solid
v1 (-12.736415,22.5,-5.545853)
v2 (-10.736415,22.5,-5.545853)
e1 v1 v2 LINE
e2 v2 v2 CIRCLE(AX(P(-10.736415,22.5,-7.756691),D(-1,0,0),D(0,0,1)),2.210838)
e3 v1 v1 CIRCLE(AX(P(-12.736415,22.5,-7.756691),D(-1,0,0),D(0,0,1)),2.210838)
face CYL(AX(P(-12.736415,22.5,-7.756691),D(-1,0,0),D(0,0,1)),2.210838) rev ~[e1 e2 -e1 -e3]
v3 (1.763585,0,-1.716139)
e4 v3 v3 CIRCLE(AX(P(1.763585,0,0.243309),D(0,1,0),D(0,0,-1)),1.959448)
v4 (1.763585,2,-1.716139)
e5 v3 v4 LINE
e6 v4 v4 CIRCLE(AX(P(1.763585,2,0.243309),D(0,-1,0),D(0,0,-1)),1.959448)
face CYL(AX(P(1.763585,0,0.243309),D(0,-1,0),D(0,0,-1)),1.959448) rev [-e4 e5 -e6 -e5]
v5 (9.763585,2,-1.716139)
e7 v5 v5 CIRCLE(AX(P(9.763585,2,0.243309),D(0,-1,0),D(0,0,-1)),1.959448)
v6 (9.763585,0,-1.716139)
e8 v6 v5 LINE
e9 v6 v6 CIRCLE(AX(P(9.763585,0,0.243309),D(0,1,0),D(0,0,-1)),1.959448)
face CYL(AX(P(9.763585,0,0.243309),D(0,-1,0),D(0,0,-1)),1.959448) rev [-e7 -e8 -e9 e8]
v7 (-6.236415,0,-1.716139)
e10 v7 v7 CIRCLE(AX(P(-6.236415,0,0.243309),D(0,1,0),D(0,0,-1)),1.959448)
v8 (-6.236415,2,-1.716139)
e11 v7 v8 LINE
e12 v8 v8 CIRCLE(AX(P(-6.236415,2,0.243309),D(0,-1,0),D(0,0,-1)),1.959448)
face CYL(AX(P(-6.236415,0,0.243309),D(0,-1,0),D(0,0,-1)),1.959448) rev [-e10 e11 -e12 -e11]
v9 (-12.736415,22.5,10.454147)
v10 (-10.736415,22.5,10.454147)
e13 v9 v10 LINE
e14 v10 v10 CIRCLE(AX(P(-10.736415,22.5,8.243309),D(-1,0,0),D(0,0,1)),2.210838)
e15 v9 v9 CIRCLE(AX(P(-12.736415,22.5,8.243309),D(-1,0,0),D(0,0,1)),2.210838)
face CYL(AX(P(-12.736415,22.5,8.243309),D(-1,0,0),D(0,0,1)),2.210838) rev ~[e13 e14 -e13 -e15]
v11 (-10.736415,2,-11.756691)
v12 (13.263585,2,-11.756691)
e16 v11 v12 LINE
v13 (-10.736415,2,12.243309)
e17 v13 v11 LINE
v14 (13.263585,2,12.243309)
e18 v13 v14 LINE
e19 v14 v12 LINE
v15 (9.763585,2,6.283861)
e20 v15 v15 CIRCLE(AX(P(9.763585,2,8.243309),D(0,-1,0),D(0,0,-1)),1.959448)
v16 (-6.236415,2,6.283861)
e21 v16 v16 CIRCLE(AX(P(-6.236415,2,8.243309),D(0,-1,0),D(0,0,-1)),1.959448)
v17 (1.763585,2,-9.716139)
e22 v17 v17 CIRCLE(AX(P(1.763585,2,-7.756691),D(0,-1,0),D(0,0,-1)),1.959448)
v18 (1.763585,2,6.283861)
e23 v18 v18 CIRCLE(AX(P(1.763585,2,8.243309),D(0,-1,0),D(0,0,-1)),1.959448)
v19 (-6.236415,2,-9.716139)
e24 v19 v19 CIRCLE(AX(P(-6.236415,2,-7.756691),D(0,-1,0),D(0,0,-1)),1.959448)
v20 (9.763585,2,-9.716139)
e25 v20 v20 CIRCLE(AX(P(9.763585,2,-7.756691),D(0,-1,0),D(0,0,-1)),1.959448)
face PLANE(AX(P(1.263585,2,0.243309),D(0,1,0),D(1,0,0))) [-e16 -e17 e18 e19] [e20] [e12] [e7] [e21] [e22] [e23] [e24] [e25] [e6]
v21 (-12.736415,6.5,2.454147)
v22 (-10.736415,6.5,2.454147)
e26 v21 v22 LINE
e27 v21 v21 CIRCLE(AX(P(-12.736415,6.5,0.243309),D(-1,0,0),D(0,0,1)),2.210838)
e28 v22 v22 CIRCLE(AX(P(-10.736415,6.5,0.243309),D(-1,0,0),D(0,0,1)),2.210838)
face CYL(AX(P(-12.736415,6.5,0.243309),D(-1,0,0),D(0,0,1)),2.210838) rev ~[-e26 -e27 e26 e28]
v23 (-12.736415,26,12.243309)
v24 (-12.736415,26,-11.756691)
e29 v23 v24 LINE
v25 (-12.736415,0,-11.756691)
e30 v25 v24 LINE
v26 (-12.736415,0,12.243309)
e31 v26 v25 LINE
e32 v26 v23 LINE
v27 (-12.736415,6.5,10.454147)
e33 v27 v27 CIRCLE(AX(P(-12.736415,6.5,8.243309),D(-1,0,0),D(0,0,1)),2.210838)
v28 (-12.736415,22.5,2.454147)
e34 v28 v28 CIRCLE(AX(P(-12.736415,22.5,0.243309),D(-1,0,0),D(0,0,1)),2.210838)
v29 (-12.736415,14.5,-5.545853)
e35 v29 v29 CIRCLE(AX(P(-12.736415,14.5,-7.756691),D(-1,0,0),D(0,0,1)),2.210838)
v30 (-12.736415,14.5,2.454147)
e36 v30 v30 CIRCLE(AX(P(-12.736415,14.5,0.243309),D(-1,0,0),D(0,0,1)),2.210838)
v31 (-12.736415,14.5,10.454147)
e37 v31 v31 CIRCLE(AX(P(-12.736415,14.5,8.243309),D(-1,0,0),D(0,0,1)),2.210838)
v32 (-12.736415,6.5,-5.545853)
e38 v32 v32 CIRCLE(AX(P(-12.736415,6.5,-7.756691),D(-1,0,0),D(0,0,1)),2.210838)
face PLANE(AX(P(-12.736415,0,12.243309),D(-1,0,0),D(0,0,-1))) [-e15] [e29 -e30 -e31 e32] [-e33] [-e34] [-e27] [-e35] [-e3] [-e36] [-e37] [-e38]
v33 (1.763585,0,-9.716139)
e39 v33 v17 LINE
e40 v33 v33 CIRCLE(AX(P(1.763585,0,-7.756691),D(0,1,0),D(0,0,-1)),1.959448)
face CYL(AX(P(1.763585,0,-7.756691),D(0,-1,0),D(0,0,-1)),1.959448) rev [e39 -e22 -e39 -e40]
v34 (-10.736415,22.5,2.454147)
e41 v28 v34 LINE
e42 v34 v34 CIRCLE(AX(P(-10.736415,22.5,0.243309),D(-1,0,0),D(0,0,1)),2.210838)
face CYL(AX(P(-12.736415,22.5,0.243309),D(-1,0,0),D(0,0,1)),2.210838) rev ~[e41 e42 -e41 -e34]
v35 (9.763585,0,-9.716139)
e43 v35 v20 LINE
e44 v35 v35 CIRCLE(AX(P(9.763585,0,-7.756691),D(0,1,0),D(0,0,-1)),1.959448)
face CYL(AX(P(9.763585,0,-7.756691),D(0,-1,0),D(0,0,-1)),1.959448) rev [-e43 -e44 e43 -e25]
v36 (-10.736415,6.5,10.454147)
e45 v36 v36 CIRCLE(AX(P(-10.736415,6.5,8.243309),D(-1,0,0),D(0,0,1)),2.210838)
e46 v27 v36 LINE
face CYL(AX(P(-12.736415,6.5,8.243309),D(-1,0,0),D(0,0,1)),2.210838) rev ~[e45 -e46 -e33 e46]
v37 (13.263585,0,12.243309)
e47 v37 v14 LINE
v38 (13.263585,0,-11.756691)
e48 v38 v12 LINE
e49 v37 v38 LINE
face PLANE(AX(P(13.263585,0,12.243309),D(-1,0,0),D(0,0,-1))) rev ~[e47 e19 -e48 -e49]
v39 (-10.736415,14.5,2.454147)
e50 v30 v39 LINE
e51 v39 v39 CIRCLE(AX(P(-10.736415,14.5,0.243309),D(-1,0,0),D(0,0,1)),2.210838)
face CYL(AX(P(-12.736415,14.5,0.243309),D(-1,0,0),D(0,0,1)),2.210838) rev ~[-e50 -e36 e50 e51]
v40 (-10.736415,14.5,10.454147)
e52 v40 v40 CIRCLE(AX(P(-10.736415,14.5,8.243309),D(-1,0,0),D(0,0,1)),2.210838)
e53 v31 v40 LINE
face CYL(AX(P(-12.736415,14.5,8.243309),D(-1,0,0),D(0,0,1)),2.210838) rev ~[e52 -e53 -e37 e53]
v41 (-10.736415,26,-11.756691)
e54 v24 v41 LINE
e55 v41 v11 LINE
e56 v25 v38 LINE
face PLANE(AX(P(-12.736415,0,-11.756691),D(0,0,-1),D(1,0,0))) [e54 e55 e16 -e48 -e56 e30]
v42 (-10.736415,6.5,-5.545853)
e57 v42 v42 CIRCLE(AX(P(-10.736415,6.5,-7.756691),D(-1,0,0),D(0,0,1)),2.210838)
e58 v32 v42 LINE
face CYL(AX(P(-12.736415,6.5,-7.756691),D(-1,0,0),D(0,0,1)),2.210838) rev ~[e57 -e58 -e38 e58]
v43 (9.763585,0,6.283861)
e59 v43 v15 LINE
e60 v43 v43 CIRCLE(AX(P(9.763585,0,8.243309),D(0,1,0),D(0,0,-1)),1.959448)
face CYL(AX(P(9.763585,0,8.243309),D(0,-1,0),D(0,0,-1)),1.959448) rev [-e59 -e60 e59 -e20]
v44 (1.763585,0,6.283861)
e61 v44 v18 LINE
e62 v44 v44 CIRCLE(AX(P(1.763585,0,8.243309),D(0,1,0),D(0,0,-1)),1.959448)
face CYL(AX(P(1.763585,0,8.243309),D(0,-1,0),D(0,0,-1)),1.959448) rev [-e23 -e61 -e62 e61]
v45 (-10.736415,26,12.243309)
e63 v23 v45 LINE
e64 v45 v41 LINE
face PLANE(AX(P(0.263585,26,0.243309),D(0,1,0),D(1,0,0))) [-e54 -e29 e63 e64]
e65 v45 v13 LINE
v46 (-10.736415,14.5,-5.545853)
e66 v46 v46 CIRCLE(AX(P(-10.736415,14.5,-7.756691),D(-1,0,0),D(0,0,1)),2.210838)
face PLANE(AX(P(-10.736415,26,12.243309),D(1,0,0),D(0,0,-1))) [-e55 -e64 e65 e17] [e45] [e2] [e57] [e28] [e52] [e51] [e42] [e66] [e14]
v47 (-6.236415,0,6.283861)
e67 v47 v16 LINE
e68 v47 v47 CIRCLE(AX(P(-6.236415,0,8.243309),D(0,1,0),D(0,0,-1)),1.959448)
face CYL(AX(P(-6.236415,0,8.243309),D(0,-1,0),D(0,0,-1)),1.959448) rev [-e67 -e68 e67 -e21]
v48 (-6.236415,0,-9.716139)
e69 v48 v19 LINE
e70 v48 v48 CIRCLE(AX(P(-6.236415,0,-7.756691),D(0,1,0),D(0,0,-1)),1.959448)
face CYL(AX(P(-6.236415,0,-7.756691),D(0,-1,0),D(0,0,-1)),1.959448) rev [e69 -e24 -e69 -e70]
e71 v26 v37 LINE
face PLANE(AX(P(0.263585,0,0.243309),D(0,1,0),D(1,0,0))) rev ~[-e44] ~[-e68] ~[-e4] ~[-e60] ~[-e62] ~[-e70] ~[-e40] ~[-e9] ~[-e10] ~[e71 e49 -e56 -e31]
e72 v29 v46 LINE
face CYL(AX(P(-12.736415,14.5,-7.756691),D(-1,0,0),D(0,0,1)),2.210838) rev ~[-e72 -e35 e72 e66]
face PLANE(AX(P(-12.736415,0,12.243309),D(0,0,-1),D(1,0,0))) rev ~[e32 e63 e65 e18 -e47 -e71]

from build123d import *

# Parameters (mm, degrees)
SKETCH_1_W          = 26
SKETCH_1_H          = 24
SKETCH_1_R          = 1.959448434
EXTRUDE_1_DEPTH     = 26
SKETCH_2_W          = 24
SKETCH_2_H          = 24
CUT_EXTRUDE_1_DEPTH = 24
SKETCH_3_R          = 2.210837502
CUT_EXTRUDE_2_DEPTH = 24


with BuildPart() as part:
    # 草图1 → 凸台-拉伸1 (new body)
    with BuildSketch(Plane(origin=(0, 0, 0), x_dir=(1, 0, 0), z_dir=(0, 1, 0))):
        with Locations((0.263585178, -0.243309395)):
            Rectangle(SKETCH_1_W, SKETCH_1_H)
        with Locations(Location((9.763585178, -8.243309395, 0), (0, 0, 90))):
            Circle(SKETCH_1_R, mode=Mode.SUBTRACT)
        with Locations(Location((9.763585178, -0.243309395, 0), (0, 0, 90))):
            Circle(SKETCH_1_R, mode=Mode.SUBTRACT)
        with Locations(Location((9.763585178, 7.756690605, 0), (0, 0, 90))):
            Circle(SKETCH_1_R, mode=Mode.SUBTRACT)
        with Locations(Location((1.763585178, -8.243309395, 0), (0, 0, 90))):
            Circle(SKETCH_1_R, mode=Mode.SUBTRACT)
        with Locations(Location((1.763585178, -0.243309395, 0), (0, 0, 90))):
            Circle(SKETCH_1_R, mode=Mode.SUBTRACT)
        with Locations(Location((1.763585178, 7.756690605, 0), (0, 0, 90))):
            Circle(SKETCH_1_R, mode=Mode.SUBTRACT)
        with Locations(Location((-6.236414822, -8.243309395, 0), (0, 0, 90))):
            Circle(SKETCH_1_R, mode=Mode.SUBTRACT)
        with Locations(Location((-6.236414822, -0.243309395, 0), (0, 0, 90))):
            Circle(SKETCH_1_R, mode=Mode.SUBTRACT)
        with Locations(Location((-6.236414822, 7.756690605, 0), (0, 0, 90))):
            Circle(SKETCH_1_R, mode=Mode.SUBTRACT)
    extrude(amount=EXTRUDE_1_DEPTH)

    # 草图2 → 切除-拉伸1 (cut)
    with BuildSketch(Plane(origin=(0, 26, 0), x_dir=(1, 0, 0), z_dir=(0, 1, 0))):
        with Locations((1.263585178, -0.243309395)):
            Rectangle(SKETCH_2_W, SKETCH_2_H)
    extrude(amount=-CUT_EXTRUDE_1_DEPTH, mode=Mode.SUBTRACT)

    # 草图3 → 切除-拉伸2 (cut)
    with BuildSketch(Plane.ZY.offset(12.736414822)):
        with Locations((-7.756690605, 22.5)):
            Circle(SKETCH_3_R)
        with Locations((0.243309395, 22.5)):
            Circle(SKETCH_3_R)
        with Locations((8.243309395, 22.5)):
            Circle(SKETCH_3_R)
        with Locations((-7.756690605, 14.5)):
            Circle(SKETCH_3_R)
        with Locations((0.243309395, 14.5)):
            Circle(SKETCH_3_R)
        with Locations((8.243309395, 14.5)):
            Circle(SKETCH_3_R)
        with Locations((-7.756690605, 6.5)):
            Circle(SKETCH_3_R)
        with Locations((0.243309395, 6.5)):
            Circle(SKETCH_3_R)
        with Locations((8.243309395, 6.5)):
            Circle(SKETCH_3_R)
    extrude(amount=-CUT_EXTRUDE_2_DEPTH, mode=Mode.SUBTRACT)


solid = part.part
